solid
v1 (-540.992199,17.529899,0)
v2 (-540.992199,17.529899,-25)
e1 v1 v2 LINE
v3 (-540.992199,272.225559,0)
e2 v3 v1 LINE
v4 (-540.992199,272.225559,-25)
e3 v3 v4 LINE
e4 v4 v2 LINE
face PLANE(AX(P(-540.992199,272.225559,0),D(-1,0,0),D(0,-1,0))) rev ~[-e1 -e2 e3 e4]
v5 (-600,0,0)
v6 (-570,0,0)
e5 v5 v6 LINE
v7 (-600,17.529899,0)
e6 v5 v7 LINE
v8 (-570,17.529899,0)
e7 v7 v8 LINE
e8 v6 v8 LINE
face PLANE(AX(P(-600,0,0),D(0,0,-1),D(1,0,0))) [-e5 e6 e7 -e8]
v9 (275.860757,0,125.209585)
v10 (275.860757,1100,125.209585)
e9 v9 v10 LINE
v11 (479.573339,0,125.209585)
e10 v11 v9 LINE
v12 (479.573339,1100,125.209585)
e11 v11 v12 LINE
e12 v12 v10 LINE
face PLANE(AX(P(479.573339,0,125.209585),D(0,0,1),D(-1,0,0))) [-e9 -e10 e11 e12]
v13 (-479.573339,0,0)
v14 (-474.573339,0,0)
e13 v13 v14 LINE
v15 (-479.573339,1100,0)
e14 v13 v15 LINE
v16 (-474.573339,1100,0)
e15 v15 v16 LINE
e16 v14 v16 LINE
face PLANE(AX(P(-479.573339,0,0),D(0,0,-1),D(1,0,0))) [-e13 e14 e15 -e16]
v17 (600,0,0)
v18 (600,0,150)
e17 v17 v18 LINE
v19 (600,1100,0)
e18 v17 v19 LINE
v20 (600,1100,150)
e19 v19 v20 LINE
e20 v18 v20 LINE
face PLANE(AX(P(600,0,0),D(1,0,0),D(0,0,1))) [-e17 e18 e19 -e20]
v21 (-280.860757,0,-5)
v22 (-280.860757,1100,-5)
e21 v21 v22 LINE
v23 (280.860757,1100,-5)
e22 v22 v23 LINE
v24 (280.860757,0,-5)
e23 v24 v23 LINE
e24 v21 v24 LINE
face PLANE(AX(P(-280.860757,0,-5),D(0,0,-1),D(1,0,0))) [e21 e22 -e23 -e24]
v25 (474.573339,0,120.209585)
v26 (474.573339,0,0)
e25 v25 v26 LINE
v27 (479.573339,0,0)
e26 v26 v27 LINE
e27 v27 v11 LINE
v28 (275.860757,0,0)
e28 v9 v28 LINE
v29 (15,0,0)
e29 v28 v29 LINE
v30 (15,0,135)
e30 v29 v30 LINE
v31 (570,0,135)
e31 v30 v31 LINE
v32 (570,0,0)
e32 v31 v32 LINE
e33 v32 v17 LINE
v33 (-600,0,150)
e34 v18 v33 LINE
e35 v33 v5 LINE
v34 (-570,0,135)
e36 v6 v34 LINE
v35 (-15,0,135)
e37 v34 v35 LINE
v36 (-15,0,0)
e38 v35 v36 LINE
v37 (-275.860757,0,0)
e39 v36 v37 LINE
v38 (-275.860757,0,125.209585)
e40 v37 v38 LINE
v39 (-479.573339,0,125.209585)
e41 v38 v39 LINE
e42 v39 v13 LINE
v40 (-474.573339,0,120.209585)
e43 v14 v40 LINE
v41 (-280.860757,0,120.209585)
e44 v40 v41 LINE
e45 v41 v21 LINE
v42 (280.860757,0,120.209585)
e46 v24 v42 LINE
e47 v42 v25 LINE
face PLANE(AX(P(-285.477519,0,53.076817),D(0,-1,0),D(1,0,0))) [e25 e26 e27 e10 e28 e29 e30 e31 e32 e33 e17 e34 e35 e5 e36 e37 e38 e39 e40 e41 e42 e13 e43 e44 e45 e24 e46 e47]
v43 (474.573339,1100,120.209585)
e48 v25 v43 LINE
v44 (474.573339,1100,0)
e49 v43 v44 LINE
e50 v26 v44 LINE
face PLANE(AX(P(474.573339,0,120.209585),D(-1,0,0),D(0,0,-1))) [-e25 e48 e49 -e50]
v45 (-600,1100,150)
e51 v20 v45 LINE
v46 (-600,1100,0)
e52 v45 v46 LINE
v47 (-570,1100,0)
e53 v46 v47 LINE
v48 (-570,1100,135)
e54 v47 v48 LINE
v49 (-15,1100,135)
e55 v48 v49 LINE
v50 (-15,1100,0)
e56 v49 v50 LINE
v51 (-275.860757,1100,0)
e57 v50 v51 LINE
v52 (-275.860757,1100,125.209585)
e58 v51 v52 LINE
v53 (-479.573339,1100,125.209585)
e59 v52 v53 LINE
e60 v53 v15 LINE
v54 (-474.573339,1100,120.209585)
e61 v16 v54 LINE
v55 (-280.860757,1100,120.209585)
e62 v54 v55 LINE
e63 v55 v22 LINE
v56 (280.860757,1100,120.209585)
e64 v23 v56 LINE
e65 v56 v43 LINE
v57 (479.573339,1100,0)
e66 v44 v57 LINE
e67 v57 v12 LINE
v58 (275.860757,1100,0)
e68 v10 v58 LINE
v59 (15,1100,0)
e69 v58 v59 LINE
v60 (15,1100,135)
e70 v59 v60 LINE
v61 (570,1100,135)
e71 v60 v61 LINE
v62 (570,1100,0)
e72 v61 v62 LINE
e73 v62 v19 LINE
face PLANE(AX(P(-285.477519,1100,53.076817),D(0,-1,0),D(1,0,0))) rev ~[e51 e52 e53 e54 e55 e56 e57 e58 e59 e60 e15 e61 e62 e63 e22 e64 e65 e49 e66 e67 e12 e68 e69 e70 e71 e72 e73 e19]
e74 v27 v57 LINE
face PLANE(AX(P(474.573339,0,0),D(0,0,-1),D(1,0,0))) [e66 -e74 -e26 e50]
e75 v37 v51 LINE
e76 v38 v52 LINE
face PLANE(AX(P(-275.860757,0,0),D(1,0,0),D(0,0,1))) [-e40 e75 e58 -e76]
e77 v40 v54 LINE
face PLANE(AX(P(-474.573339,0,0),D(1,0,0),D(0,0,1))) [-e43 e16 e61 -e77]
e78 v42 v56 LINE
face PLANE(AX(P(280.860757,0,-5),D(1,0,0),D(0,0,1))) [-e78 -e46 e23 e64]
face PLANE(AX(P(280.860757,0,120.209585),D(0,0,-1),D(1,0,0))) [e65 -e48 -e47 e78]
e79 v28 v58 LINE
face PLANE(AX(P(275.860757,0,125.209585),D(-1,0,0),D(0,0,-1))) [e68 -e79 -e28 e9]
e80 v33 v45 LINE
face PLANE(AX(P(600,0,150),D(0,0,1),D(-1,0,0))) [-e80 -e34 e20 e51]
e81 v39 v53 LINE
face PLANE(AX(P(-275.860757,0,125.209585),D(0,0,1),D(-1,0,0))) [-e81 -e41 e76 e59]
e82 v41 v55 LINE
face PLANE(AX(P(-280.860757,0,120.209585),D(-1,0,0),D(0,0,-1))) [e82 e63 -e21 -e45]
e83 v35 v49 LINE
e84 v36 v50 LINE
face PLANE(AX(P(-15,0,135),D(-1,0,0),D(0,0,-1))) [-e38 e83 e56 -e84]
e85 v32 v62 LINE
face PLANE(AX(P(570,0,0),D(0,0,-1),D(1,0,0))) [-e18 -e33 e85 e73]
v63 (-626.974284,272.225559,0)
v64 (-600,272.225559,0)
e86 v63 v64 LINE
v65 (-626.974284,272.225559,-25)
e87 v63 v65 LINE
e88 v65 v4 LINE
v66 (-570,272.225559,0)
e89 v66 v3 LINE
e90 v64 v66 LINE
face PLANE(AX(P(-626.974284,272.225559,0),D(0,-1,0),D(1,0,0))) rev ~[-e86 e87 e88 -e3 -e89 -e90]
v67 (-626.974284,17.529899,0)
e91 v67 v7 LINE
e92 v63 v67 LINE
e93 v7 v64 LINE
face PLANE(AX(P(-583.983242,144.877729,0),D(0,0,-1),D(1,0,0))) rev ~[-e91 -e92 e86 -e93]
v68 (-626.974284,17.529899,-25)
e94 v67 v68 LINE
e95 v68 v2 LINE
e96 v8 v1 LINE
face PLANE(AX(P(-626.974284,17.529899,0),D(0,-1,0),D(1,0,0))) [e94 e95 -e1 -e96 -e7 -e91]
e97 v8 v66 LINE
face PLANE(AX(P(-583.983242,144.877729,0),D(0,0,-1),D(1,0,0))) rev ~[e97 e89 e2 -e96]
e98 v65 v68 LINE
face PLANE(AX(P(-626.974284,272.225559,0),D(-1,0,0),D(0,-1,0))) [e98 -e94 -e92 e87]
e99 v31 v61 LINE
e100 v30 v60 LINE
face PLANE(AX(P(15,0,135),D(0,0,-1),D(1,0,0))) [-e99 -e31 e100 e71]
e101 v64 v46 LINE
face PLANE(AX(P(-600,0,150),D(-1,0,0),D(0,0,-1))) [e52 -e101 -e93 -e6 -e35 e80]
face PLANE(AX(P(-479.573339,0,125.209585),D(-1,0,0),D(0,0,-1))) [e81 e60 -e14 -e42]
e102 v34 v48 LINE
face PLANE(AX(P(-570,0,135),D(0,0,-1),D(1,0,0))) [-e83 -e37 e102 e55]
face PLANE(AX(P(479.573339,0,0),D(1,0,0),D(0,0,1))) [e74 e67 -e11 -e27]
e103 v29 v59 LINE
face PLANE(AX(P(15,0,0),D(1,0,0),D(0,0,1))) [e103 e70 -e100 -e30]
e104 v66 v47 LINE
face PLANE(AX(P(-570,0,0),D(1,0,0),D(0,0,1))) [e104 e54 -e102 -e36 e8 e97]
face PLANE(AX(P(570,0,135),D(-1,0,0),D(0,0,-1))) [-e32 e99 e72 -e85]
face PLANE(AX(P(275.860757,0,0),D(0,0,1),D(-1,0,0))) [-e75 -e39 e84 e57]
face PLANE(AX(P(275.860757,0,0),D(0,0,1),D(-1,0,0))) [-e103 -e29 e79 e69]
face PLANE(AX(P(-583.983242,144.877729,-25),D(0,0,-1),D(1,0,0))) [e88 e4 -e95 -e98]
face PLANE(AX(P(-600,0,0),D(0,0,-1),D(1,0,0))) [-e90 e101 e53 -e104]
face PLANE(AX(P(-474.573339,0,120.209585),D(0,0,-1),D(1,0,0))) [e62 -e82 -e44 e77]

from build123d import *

# Parameters (mm, degrees)
F1_DEPTH = 1100
F3_DEPTH = 1100
F4_W     = 85.982085
F4_H     = 254.69566
F5_DEPTH = 25


with BuildPart() as f1:
    # F0 (on Front) → F1 (new body)
    with BuildSketch(Plane.XZ):
        Polygon((600, 150), (0, 150), (0, 0), (15, 0), (15, 135), (570, 135), (570, 0), (600, 0), align=None)
        Polygon((0, 0), (0, 150), (-600, 150), (-600, 0), (-570, 0), (-570, 135), (-15, 135), (-15, 0), align=None)
    extrude(amount=-F1_DEPTH)

    # F2 (on Front) → F3 (join)
    with BuildSketch(Plane.XZ):
        Polygon((0, -5), (0, 0), (-275.860757, 0), (-275.860757, 125.209585), (-479.573339, 125.209585), (-479.573339, 0), (-474.573339, 0), (-474.573339, 120.209585), (-280.860757, 120.209585), (-280.860757, -5), align=None)
        Polygon((474.573339, 0), (479.573339, 0), (479.573339, 125.209585), (275.860757, 125.209585), (275.860757, 0), (0, 0), (0, -5), (280.860757, -5), (280.860757, 120.209585), (474.573339, 120.209585), align=None)
    extrude(amount=-F3_DEPTH)

    # F4 (on face) → F5 (join)
    with BuildSketch(Plane(origin=(0, 0, 0), x_dir=(1, 0, 0), z_dir=(0, 0, -1))):
        with Locations((-583.983242, -144.877729)):
            Rectangle(F4_W, F4_H)
    extrude(amount=F5_DEPTH)


solid = f1.part
